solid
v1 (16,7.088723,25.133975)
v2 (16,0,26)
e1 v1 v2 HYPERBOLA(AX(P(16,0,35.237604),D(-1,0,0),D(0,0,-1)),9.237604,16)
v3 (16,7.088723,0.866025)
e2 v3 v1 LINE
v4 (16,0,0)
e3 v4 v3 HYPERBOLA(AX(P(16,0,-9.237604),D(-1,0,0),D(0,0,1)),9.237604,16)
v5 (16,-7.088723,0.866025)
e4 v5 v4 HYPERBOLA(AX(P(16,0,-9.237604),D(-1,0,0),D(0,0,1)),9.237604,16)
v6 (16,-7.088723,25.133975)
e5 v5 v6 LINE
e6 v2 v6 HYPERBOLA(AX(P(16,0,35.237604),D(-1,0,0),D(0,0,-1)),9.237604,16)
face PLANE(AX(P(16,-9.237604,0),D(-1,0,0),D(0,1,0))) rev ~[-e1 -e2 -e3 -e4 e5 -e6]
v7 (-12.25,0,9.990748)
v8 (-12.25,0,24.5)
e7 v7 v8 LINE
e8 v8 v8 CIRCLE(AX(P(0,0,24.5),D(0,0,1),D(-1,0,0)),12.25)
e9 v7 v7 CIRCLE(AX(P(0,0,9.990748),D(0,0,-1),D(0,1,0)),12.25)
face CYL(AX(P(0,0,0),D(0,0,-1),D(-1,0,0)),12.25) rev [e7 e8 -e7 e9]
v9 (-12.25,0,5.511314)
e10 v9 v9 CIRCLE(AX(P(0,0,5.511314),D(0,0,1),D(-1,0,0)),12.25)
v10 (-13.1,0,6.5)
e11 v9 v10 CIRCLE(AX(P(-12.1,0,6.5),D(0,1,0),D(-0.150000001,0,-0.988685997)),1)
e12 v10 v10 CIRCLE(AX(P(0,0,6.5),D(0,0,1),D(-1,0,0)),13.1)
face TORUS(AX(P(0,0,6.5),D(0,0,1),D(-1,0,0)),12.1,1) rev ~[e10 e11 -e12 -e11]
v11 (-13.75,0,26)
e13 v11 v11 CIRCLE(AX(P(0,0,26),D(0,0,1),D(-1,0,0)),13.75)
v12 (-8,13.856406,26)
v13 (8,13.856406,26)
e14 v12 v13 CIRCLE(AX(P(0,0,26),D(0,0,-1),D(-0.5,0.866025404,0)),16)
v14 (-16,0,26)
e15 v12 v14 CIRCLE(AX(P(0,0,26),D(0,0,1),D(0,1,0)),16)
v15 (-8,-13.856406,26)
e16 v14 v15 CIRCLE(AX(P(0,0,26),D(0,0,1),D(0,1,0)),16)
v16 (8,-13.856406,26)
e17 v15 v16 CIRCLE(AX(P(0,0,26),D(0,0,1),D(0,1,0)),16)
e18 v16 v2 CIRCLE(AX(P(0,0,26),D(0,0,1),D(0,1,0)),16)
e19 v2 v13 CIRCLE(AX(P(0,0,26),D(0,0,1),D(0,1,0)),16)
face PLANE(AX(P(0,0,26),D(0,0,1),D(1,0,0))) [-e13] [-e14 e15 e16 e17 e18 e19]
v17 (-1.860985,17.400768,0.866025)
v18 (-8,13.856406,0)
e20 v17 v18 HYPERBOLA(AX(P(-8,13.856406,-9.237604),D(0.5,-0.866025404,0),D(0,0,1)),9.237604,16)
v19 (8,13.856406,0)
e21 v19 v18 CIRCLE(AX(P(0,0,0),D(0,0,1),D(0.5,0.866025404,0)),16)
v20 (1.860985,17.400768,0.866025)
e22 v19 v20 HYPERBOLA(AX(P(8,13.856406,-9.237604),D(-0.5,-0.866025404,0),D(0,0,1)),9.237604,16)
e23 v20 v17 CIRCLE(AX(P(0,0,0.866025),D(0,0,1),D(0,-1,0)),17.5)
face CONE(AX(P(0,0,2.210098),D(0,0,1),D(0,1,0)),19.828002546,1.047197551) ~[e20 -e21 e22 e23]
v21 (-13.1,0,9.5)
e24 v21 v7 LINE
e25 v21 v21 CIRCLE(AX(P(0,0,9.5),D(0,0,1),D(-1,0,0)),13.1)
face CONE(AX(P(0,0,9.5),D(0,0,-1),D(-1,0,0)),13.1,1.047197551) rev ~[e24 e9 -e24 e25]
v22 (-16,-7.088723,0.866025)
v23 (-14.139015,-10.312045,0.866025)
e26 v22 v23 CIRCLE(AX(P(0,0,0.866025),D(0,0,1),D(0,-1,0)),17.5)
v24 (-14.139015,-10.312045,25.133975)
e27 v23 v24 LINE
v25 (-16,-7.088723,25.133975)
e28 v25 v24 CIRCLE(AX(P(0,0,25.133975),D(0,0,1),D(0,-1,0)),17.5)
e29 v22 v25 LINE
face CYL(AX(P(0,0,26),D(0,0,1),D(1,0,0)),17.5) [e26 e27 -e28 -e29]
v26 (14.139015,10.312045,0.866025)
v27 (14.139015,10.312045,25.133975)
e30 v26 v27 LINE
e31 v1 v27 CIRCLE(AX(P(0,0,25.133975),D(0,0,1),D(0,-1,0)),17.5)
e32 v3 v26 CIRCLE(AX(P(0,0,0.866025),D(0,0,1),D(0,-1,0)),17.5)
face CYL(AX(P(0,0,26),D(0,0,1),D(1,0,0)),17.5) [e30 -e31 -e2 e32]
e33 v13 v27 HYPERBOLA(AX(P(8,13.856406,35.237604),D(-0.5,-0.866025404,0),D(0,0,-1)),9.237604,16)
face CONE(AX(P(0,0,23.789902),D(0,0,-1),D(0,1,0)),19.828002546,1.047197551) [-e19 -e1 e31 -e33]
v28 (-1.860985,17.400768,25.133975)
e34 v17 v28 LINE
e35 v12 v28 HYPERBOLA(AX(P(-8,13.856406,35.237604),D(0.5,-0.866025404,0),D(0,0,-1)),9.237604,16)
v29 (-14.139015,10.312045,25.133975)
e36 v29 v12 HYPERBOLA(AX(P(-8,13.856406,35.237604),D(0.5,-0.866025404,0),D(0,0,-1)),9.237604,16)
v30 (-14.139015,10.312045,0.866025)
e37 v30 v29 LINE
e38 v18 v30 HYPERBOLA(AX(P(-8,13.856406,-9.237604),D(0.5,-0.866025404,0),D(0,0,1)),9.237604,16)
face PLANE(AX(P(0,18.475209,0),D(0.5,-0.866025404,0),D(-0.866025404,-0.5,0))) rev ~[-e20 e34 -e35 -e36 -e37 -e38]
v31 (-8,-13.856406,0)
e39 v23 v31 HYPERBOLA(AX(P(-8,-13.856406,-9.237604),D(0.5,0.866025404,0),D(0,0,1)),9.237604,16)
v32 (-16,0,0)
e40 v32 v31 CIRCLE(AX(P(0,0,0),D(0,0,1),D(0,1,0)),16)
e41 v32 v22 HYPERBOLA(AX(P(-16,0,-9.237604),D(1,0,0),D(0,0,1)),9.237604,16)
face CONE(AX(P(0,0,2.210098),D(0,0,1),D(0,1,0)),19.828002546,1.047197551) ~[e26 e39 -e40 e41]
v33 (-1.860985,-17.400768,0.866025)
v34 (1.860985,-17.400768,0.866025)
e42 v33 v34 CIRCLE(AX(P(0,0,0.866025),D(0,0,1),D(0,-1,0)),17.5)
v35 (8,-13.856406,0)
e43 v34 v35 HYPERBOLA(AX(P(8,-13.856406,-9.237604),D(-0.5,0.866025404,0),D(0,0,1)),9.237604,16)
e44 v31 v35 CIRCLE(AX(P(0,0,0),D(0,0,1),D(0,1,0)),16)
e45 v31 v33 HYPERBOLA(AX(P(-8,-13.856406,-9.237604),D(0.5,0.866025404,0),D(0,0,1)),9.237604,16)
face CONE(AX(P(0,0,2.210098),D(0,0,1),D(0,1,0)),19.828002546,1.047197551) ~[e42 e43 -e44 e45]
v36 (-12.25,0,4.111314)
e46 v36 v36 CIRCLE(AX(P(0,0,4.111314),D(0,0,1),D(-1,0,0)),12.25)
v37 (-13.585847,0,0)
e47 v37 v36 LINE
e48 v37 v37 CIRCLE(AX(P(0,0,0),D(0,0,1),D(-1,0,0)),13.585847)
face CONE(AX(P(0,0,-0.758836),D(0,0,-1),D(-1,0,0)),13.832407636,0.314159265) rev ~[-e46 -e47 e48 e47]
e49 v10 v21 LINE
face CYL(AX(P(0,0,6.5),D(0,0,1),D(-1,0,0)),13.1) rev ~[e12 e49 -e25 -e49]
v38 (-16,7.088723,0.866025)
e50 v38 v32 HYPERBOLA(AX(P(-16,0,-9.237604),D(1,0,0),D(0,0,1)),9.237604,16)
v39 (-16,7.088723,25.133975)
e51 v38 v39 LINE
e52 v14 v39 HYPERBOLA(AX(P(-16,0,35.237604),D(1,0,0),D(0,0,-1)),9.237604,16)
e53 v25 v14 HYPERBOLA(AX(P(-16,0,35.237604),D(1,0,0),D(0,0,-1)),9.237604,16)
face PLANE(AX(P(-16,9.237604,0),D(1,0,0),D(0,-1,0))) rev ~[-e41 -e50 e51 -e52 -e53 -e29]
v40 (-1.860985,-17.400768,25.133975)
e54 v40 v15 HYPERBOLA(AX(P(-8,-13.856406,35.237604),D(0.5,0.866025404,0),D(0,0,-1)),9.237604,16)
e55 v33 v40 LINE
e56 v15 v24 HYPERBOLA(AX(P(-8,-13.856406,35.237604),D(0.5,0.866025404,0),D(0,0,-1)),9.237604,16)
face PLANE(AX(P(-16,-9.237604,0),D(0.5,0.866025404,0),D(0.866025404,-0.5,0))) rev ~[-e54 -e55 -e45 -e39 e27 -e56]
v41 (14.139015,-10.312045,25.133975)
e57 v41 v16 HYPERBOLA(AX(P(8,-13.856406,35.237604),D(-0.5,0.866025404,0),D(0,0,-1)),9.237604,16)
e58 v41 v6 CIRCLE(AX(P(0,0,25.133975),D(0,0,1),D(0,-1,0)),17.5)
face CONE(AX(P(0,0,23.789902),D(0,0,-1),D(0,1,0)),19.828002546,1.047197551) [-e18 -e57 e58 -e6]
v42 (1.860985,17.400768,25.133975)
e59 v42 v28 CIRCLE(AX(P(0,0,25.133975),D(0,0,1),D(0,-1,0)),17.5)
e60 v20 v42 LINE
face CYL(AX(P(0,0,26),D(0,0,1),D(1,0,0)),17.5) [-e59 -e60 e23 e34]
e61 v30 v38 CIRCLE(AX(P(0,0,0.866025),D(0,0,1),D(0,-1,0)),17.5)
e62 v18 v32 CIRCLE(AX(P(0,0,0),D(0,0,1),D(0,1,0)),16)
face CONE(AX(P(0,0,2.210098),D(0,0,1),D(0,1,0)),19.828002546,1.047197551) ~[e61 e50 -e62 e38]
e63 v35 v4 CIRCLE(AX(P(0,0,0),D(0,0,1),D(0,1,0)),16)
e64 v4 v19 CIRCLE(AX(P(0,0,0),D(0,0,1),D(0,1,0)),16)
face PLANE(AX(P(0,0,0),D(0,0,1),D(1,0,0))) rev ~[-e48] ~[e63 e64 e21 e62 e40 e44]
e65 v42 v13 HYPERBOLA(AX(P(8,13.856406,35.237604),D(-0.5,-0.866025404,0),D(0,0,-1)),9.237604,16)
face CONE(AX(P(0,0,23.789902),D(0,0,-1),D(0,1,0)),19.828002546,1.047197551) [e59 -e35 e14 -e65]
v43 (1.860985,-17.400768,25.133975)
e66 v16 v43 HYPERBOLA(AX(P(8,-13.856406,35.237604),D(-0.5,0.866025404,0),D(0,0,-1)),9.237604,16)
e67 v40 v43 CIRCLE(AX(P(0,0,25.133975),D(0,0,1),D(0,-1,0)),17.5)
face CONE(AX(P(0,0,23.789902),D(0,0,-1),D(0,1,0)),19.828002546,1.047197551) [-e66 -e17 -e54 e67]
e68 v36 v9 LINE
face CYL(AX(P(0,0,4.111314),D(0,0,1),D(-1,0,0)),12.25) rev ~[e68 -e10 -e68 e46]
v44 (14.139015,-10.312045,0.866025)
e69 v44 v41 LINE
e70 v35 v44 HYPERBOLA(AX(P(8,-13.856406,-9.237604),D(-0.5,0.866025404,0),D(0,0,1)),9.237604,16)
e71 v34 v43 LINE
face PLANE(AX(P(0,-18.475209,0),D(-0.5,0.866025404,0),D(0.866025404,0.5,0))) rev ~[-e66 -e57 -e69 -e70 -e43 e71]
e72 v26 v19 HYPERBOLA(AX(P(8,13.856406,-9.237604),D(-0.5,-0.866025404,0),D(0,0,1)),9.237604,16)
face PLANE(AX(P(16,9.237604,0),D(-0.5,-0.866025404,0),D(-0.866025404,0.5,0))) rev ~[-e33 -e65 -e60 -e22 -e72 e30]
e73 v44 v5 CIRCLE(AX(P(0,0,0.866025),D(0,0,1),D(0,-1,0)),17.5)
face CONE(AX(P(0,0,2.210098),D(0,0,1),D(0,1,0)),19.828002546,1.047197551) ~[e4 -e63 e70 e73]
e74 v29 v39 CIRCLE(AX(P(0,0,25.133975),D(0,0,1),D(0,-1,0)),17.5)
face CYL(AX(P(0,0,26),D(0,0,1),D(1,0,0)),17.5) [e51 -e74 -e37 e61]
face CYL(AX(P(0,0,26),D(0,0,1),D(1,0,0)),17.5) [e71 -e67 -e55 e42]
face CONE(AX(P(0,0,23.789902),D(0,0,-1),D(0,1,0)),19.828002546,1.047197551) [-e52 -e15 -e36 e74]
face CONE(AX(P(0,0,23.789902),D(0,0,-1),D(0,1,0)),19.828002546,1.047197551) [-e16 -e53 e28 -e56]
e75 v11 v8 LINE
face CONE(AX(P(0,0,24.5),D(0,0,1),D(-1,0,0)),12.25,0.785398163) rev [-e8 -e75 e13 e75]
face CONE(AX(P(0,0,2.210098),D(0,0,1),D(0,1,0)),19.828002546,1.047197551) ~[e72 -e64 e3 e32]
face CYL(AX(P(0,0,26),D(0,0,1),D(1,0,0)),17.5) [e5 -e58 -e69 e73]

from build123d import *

# Parameters (mm, degrees)
SKETCH_1_R          = 12.25
EXTRUDE_1_DEPTH     = 26
SKETCH_7_OUTSIDE_W  = 45.074
SKETCH_7_OUTSIDE_H  = 50.024
SKETCH_7_OUTSIDE_R  = 17.5
CUT_EXTRUDE_2_DEPTH = 36.68379651
CHAMFER_1_SIZE      = 1.5


with BuildPart() as part:
    # Эскиз1 → Бобышка-Вытянуть1 (new body)
    with BuildSketch(Plane.XY):
        Polygon((0, 18.475208614), (-16, 9.237604307), (-16, -9.237604307), (0, -18.475208614), (16, -9.237604307), (16, 9.237604307), align=None)
        with Locations(Location((0, 0, 0), (0, 0, 180))):
            Circle(SKETCH_1_R, mode=Mode.SUBTRACT)
    extrude(amount=EXTRUDE_1_DEPTH)

    # Эскиз2 → Вырез-Повернуть1 (revolve, cut)
    with BuildSketch(Plane(origin=(0, 0, 0), x_dir=(0, 0, -1), z_dir=(1, 0, 0))):
        Polygon((0, 19.828002546), (-2.210098301, 19.828002546), (0, 16), align=None)
        Polygon((-23.789901699, 19.828002546), (-26, 16), (-26, 19.828002546), align=None)
    revolve(axis=Axis((0, 0, 0), (0, 0, 1)), mode=Mode.SUBTRACT)

    # Эскиз7 outside → Вырез-Вытянуть2 (cut, through all)
    with BuildSketch(Plane.XY.offset(26)):
        Rectangle(SKETCH_7_OUTSIDE_W, SKETCH_7_OUTSIDE_H)
        Circle(SKETCH_7_OUTSIDE_R, mode=Mode.SUBTRACT)
    extrude(amount=-CUT_EXTRUDE_2_DEPTH, mode=Mode.SUBTRACT)

    # Эскиз3 → Вырез-Повернуть2 (revolve, cut)
    with BuildSketch(Plane(origin=(0, 0, 0), x_dir=(0, 0, -1), z_dir=(1, 0, 0)), mode=Mode.PRIVATE) as cut_revolve_2_sk:
        with BuildLine():
            Line((-9.5, 13.1), (-11.145448267, 10.25))
            Line((-11.145448267, 10.25), (0.758835928, 10.25))
            Line((0.758835928, 10.25), (0.758835928, 13.832407636))
            Line((0.758835928, 13.832407636), (-4.111314003, 12.25))
            Line((-4.111314003, 12.25), (-5.511314003, 12.25))
            ThreePointArc((-5.511314003, 12.25), (-5.848079759, 12.858287544), (-6.5, 13.1))
            Line((-6.5, 13.1), (-9.5, 13.1))
        make_face()
    revolve(cut_revolve_2_sk.sketch.rotate(Axis((0, 0, 0), (0, 0, 1)), 90), axis=Axis((0, 0, 0), (0, 0, 1)), mode=Mode.SUBTRACT)

    # Фаска1
    chamfer_1_edges = [part.edges().sort_by_distance(p)[0] for p in [
        (12.25, 0, 26),
    ]]
    chamfer(chamfer_1_edges, length=CHAMFER_1_SIZE)


solid = part.part
